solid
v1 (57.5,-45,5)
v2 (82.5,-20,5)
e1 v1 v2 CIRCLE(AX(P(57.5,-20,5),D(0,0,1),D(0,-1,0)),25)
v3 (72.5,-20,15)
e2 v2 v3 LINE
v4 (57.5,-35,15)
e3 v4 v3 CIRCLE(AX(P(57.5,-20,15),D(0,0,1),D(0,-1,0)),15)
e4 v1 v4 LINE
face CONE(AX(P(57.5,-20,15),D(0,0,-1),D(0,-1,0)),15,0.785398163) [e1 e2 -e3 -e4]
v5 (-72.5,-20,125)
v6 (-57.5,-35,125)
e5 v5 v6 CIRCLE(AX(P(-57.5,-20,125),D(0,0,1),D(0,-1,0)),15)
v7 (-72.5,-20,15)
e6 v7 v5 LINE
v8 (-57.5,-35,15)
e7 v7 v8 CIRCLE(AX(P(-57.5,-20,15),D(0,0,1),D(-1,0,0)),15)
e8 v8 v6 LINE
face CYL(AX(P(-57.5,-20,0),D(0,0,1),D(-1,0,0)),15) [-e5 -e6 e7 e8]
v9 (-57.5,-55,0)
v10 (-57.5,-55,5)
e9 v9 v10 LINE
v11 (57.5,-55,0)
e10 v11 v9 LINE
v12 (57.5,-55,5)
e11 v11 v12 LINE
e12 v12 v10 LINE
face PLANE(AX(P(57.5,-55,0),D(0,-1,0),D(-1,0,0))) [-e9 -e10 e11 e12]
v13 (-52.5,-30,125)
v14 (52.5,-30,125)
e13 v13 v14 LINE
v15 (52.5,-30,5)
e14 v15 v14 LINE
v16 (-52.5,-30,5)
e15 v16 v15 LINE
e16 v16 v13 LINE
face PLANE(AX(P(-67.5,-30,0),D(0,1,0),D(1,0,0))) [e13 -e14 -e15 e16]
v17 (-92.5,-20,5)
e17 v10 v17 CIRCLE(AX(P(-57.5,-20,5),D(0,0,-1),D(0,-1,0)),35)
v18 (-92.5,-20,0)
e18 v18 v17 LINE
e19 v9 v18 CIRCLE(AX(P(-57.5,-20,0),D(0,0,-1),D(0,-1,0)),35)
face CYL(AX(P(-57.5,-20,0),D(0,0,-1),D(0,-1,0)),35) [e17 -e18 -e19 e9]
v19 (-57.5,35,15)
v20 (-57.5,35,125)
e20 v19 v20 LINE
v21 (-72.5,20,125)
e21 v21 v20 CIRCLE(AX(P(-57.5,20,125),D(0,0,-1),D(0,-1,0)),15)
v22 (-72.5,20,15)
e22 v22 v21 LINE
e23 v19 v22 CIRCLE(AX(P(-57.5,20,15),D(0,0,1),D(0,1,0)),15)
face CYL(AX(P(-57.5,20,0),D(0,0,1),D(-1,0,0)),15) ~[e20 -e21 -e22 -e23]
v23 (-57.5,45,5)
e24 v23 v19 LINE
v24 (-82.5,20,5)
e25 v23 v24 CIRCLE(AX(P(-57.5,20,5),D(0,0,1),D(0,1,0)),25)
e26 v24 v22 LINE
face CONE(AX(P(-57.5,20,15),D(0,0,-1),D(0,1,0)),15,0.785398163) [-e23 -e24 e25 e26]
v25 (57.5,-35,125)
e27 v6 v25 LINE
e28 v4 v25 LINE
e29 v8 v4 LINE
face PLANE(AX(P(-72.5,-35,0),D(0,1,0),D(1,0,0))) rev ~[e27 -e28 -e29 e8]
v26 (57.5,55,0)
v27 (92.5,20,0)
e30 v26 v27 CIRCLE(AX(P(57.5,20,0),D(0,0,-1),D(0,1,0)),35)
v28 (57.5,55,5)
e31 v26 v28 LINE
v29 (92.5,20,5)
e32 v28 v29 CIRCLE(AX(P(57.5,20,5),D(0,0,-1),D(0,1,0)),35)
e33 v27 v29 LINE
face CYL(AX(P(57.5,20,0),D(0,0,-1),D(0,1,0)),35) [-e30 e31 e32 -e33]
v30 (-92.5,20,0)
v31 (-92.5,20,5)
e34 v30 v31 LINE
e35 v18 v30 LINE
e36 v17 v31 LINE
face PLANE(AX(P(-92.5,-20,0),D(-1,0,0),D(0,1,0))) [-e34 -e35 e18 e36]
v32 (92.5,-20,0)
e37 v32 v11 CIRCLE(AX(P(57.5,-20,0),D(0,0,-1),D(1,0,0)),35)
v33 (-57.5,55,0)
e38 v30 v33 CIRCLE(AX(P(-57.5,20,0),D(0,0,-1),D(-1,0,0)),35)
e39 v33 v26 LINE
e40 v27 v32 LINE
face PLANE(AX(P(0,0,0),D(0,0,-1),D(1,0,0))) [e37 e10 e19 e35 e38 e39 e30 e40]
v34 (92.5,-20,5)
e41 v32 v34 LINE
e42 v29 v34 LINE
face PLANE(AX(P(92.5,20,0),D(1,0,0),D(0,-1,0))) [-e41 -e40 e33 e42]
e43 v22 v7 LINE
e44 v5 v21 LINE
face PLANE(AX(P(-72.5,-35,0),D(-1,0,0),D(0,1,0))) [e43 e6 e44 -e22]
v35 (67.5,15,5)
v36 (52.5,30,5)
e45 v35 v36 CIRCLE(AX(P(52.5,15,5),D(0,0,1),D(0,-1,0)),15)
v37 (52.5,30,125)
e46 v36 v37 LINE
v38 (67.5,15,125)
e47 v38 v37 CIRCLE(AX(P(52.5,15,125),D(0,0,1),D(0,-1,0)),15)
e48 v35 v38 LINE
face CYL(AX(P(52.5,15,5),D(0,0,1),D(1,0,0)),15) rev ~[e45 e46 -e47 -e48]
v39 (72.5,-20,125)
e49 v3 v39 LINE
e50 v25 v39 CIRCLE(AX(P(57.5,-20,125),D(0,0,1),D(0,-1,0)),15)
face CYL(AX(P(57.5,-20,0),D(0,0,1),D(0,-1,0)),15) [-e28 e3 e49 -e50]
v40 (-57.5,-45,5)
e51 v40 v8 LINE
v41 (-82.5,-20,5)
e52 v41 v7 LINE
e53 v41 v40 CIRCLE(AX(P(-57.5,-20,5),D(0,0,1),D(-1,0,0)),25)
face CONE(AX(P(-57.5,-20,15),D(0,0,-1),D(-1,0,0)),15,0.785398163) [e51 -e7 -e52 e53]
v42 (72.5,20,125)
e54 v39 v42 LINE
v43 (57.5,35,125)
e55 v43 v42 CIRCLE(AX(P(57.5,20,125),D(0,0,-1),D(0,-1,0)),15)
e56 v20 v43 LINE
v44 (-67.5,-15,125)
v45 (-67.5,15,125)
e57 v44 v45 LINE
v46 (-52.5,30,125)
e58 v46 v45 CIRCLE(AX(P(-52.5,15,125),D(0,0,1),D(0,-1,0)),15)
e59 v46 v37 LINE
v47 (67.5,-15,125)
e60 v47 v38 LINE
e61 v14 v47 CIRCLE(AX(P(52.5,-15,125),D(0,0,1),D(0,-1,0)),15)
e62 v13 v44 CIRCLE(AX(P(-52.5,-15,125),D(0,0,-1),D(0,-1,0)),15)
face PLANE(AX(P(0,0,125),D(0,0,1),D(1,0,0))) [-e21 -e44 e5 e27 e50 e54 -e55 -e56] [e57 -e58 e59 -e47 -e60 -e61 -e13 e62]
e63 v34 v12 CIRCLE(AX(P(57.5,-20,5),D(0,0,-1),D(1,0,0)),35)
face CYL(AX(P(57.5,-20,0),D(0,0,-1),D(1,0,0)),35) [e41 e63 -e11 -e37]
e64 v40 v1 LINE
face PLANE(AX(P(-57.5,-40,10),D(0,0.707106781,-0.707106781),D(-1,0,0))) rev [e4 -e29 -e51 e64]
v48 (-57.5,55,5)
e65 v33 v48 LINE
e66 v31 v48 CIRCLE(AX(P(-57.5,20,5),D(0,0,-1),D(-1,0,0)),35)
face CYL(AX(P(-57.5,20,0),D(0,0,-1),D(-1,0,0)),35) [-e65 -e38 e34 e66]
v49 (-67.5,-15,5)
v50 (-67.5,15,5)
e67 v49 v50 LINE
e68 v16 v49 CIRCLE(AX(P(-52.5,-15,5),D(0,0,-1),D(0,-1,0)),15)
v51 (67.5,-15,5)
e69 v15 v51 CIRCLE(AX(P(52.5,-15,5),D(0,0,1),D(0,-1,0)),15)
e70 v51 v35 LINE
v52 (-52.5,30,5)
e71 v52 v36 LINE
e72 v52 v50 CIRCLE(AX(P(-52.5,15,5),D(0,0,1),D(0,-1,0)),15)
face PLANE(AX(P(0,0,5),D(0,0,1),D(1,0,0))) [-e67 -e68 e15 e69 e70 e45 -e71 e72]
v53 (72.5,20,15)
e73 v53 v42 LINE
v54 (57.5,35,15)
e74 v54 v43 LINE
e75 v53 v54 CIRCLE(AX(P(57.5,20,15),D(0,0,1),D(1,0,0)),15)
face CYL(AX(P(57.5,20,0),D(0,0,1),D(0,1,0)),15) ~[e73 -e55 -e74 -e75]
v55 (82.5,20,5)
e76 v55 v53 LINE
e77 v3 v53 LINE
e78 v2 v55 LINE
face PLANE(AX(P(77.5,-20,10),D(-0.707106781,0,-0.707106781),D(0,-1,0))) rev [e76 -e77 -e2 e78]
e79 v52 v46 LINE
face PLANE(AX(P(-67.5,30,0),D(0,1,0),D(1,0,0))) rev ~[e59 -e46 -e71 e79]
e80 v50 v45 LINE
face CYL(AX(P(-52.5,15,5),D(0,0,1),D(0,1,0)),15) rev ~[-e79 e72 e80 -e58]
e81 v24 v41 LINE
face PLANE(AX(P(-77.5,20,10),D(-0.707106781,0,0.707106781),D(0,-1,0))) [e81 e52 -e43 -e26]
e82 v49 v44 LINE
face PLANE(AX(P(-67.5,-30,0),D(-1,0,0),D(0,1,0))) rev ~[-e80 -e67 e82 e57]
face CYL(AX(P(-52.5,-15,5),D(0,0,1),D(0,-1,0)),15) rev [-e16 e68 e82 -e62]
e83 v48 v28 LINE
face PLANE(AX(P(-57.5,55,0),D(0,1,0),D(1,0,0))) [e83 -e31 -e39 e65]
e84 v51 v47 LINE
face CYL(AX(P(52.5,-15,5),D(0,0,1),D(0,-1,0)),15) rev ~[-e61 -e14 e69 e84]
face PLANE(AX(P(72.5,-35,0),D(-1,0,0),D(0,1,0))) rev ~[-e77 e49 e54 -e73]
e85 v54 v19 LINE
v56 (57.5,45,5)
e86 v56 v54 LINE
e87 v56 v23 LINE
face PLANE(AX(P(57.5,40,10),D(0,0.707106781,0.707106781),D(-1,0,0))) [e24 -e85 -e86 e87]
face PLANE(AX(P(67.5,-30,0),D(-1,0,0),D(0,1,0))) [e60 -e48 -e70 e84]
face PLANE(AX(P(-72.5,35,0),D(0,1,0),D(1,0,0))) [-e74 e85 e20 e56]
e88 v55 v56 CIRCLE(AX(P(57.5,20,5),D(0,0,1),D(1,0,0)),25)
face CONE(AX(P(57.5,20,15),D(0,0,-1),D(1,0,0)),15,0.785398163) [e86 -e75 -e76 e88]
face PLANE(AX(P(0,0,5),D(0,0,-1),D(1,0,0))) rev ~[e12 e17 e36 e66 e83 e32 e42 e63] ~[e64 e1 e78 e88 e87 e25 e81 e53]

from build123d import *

# Parameters (mm, degrees)
F0_W     = 145
F0_H     = 70
F0_W_2   = 135
F0_H_2   = 60
F1_DEPTH = 125
F2_DEPTH = 5
F3_R     = 15
F5_DEPTH = 5
F6_SIZE  = 10


with BuildPart() as f1:
    # F0 (on Top) → F1 (new body)
    with BuildSketch(Plane.XY):
        Rectangle(F0_W, F0_H)
        Rectangle(F0_W_2, F0_H_2, mode=Mode.SUBTRACT)
    extrude(amount=F1_DEPTH)

    # F0 (on Top) → F2 (join)
    with BuildSketch(Plane.XY):
        Rectangle(F0_W_2, F0_H_2)
    extrude(amount=F2_DEPTH)

    # F3
    f3_edges = [f1.edges().sort_by_distance(p)[0] for p in [
        (-72.5, 35, 62.5),
        (-67.5, 30, 65),
        (-67.5, -30, 65),
        (-72.5, -35, 62.5),
        (72.5, -35, 62.5),
        (67.5, -30, 65),
        (67.5, 30, 65),
        (72.5, 35, 62.5),
    ]]
    fillet(f3_edges, radius=F3_R)

    # F4 (on face) → F5 (join)
    with BuildSketch(Plane(origin=(0, 0, 0), x_dir=(1, 0, 0), z_dir=(0, 0, -1))):
        with BuildLine():
            Line((57.5, 55), (-57.5, 55))
            ThreePointArc((-57.5, 55), (-82.2487373415, 44.7487373415), (-92.5, 20))
            Line((-92.5, 20), (-92.5, -20))
            ThreePointArc((-92.5, -20), (-82.2487373415, -44.7487373415), (-57.5, -55))
            Line((-57.5, -55), (57.5, -55))
            ThreePointArc((57.5, -55), (82.2487373415, -44.7487373415), (92.5, -20))
            Line((92.5, -20), (92.5, 20))
            ThreePointArc((92.5, 20), (82.2487373415, 44.7487373415), (57.5, 55))
        make_face()
    extrude(amount=-F5_DEPTH)

    # F6
    f6_edges = [f1.edges().sort_by_distance(p)[0] for p in [
        (-68.106602, 30.606602, 5),
    ]]
    chamfer(f6_edges, length=F6_SIZE)


solid = f1.part
